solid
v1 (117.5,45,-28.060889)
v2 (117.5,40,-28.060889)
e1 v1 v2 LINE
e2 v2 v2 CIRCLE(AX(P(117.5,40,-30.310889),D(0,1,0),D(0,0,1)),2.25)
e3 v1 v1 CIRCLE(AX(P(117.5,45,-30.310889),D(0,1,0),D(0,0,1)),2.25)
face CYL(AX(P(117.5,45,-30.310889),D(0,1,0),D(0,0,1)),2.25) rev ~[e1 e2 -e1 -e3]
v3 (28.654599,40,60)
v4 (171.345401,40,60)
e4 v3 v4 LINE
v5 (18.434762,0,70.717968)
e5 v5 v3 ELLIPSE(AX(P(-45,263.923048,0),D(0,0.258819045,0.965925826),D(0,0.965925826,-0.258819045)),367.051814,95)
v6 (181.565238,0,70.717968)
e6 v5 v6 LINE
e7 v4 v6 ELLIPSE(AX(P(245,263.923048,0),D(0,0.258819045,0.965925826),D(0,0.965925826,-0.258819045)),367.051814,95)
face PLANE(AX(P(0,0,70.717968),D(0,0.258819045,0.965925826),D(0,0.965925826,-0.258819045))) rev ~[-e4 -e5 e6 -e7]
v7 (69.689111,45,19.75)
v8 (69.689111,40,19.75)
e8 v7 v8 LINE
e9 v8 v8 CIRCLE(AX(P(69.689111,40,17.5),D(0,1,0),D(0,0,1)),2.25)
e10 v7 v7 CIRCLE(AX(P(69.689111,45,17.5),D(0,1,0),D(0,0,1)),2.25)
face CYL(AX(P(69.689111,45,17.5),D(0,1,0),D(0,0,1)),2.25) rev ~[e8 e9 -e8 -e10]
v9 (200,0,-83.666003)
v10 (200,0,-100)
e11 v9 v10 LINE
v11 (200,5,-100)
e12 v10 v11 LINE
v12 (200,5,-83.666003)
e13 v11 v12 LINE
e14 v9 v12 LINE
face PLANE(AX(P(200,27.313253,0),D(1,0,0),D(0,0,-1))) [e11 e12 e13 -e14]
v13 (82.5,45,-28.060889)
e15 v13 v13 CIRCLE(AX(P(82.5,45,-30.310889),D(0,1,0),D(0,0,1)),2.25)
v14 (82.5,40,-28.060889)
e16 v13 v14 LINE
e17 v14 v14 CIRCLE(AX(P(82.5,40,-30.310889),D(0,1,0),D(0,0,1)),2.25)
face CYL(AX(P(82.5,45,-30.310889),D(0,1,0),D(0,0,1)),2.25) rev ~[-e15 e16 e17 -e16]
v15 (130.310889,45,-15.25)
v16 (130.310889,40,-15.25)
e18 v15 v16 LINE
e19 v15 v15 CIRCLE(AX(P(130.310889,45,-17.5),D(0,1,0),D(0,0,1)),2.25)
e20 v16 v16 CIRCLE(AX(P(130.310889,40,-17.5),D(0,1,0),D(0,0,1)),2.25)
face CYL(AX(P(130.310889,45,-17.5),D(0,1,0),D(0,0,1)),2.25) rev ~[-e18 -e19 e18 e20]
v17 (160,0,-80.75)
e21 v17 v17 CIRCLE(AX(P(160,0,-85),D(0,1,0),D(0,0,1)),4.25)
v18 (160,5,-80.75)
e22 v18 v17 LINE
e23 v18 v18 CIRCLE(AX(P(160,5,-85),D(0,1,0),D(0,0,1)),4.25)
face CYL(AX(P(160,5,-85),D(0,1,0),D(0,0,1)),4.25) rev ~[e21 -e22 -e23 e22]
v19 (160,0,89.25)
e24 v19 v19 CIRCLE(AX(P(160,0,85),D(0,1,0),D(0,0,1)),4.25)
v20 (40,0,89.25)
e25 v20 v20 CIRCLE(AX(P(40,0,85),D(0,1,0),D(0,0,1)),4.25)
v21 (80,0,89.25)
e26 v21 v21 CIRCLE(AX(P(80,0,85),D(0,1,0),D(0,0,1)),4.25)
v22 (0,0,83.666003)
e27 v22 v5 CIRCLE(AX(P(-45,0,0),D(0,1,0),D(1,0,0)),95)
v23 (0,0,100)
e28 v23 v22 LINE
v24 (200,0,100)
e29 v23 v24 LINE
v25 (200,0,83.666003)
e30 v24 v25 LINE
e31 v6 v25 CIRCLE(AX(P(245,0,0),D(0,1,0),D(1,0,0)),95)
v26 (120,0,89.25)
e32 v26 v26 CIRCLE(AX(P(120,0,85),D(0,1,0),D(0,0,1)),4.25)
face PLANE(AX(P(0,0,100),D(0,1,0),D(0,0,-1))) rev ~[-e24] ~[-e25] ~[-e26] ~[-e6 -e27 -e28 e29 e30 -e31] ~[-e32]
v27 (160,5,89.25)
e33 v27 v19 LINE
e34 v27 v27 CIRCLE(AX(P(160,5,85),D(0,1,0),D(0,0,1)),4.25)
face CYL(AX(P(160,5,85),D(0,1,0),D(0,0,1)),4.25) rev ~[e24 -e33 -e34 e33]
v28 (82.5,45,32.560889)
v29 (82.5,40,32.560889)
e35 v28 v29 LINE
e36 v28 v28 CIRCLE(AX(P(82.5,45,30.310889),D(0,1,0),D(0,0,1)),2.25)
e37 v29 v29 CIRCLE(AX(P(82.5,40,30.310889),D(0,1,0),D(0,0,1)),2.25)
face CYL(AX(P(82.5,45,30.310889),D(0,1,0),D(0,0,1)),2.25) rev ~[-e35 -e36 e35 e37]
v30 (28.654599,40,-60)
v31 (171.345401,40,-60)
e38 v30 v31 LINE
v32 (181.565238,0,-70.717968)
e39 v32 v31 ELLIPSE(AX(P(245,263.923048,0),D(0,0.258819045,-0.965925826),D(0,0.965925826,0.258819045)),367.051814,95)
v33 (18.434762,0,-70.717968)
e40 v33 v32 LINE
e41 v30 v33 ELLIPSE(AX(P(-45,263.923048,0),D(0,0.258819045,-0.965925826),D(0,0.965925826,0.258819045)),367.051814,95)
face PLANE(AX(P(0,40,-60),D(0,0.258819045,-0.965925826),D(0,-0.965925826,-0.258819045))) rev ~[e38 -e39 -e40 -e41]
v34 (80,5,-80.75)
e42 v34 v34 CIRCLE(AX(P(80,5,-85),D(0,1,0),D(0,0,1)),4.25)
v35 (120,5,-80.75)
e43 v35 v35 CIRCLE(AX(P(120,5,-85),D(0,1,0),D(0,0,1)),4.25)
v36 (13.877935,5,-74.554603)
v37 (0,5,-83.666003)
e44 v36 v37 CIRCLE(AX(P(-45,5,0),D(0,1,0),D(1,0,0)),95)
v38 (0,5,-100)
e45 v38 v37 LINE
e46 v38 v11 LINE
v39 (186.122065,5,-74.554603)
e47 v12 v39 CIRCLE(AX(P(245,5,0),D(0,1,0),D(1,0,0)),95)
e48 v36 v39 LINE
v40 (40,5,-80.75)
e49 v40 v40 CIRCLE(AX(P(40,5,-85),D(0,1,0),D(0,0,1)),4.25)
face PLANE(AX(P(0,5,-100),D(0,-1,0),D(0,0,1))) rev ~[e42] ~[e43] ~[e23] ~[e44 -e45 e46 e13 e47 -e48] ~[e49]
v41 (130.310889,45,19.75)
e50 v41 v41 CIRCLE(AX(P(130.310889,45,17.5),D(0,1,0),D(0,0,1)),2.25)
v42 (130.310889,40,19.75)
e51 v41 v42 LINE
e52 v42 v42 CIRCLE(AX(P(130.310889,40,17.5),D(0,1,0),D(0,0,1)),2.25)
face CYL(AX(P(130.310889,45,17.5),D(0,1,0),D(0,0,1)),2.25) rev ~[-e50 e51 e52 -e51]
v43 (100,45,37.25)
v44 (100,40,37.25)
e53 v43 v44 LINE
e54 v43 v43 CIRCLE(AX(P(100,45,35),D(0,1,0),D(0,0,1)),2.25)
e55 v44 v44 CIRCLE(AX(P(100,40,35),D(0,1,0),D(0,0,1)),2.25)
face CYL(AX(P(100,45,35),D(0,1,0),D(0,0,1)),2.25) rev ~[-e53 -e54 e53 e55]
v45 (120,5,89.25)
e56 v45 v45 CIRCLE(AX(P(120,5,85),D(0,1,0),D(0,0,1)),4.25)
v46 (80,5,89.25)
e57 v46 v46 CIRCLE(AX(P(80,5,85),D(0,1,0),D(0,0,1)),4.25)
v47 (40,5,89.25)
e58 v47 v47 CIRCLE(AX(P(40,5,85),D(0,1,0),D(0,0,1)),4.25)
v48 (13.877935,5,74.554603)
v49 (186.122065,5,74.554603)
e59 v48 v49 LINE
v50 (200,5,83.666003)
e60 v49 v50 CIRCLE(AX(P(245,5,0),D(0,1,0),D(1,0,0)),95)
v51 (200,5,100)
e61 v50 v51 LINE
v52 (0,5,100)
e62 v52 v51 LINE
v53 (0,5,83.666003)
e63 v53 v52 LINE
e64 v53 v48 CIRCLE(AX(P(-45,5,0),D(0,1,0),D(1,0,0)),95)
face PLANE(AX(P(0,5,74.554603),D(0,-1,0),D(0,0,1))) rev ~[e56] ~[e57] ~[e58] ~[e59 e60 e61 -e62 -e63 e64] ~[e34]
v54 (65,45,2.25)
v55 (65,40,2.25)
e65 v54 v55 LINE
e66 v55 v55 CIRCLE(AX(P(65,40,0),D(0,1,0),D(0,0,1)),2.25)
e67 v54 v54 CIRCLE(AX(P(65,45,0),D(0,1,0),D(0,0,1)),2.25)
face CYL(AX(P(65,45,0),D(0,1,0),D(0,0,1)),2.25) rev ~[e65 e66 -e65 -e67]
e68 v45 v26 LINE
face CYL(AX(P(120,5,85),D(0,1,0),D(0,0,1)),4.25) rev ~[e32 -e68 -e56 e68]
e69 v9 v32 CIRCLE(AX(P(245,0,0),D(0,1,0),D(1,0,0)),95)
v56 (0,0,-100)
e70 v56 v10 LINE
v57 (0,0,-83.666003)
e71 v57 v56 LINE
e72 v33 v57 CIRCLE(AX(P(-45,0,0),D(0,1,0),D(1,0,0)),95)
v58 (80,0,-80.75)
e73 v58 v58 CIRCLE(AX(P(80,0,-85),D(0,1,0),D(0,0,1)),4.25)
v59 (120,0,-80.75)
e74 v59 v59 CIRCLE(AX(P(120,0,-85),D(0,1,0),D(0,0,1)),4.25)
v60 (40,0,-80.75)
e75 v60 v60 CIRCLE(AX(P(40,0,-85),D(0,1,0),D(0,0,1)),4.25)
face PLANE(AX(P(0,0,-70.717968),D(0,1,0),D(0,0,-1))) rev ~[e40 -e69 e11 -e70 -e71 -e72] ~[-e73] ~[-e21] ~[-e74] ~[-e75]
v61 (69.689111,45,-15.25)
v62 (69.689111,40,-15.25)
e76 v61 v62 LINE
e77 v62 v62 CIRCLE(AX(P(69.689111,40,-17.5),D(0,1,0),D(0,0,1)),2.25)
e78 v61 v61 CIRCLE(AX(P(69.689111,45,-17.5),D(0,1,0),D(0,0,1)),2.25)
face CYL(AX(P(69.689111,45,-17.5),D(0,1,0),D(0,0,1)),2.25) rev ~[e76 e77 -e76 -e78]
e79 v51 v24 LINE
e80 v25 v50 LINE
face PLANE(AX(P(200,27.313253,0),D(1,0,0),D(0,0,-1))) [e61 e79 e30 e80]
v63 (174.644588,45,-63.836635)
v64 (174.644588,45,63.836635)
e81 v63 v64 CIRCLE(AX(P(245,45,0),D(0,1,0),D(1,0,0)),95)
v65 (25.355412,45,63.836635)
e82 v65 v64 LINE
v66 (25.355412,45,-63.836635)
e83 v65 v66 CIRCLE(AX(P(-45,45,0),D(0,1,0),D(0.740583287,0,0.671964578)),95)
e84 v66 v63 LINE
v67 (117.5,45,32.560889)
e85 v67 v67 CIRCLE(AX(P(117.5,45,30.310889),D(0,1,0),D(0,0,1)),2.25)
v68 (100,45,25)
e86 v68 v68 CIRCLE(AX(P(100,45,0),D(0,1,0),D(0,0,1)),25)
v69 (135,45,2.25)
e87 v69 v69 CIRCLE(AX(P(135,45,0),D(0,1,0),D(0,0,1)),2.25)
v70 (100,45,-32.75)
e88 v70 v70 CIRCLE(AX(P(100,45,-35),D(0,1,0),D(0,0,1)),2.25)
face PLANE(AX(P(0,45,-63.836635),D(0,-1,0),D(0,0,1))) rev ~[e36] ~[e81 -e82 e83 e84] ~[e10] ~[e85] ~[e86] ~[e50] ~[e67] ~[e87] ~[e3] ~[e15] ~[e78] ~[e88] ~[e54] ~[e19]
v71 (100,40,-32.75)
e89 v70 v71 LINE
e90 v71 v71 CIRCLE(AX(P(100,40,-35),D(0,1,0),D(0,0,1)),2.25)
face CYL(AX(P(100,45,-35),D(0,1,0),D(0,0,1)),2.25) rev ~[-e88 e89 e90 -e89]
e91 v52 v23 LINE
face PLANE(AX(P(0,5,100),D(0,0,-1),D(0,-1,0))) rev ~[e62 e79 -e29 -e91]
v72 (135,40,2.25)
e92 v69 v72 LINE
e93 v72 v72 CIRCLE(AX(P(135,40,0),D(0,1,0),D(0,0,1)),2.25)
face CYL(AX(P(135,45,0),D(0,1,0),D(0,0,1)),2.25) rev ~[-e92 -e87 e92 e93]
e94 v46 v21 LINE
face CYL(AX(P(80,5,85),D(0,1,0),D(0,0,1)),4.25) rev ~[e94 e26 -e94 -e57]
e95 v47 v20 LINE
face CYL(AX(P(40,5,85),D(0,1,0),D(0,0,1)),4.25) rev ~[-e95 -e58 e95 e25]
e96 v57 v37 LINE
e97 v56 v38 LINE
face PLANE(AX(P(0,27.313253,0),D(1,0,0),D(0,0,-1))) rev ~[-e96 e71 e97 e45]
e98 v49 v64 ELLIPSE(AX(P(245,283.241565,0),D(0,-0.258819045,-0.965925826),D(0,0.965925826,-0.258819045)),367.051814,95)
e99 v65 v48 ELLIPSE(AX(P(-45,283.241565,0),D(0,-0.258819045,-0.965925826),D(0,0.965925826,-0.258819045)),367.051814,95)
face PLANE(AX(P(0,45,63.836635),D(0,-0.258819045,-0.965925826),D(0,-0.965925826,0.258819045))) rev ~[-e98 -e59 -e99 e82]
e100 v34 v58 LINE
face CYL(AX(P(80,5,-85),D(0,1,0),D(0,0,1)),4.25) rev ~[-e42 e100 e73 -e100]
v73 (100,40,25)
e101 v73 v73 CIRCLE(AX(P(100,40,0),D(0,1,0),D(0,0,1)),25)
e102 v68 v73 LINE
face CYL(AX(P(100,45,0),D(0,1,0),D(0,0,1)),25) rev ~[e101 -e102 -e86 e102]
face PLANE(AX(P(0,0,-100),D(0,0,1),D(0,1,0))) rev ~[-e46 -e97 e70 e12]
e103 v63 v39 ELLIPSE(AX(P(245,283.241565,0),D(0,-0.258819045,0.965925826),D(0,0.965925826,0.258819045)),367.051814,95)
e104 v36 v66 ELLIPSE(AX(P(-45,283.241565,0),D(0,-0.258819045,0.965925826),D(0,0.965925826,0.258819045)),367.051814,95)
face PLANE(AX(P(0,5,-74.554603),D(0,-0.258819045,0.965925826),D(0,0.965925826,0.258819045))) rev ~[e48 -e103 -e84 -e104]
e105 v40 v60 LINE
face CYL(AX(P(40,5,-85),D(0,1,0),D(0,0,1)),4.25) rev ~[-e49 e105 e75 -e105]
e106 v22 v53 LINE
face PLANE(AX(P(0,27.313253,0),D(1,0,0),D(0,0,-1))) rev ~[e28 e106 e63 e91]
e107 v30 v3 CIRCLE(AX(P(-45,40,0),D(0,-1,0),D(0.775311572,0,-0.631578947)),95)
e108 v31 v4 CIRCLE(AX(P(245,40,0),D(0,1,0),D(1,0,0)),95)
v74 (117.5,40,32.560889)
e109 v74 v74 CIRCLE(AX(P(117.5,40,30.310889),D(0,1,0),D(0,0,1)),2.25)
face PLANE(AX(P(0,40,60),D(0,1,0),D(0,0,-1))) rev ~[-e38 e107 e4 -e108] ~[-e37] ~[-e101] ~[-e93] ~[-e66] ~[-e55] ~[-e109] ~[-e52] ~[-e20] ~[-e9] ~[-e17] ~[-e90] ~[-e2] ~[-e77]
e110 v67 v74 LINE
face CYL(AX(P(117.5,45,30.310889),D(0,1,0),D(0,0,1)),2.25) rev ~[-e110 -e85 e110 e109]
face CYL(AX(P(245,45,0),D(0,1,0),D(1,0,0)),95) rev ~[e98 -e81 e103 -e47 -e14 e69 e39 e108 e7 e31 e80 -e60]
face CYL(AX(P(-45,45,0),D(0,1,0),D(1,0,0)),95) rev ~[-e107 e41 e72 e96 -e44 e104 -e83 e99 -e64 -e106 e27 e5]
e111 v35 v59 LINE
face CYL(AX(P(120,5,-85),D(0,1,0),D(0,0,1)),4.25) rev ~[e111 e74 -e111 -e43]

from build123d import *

# Parameters (mm, degrees)
EXTRUDE_1_DEPTH     = 200
SKETCH_2_R          = 95
CUT_EXTRUDE_1_DEPTH = 150
SKETCH_3_R          = 4.25
CUT_EXTRUDE_2_DEPTH = 150
SKETCH_4_R          = 2.25
SKETCH_4_R_2        = 25
CUT_EXTRUDE_3_DEPTH = 10


with BuildPart() as part:
    # 草图1 → 凸台-拉伸1 (new body)
    with BuildSketch(Plane(origin=(0, 0, 0), x_dir=(0, 0, -1), z_dir=(1, 0, 0))):
        Polygon((-100, 0), (-70.717967697, 0), (-60, 40), (60, 40), (70.717967697, 0), (100, 0), (100, 5), (74.554602637, 5), (63.83663494, 45), (-63.83663494, 45), (-74.554602637, 5), (-100, 5), align=None)
    extrude(amount=EXTRUDE_1_DEPTH)

    # 草图2 → 切除-拉伸1 (cut)
    with BuildSketch(Plane(origin=(0, 45, 0), x_dir=(1, 0, 0), z_dir=(0, 1, 0))):
        with Locations((245, 0)):
            Circle(SKETCH_2_R)
        with Locations((-45, 0)):
            Circle(SKETCH_2_R)
    extrude(amount=-CUT_EXTRUDE_1_DEPTH, mode=Mode.SUBTRACT)

    # 草图3 → 切除-拉伸2 (cut)
    with BuildSketch(Plane(origin=(0, 5, 0), x_dir=(1, 0, 0), z_dir=(0, 1, 0))):
        with Locations(Location((120, -85, 0), (0, 0, 270))):
            Circle(SKETCH_3_R)
        with Locations(Location((160, -85, 0), (0, 0, 270))):
            Circle(SKETCH_3_R)
        with Locations(Location((40, -85, 0), (0, 0, 270))):
            Circle(SKETCH_3_R)
        with Locations(Location((80, -85, 0), (0, 0, 270))):
            Circle(SKETCH_3_R)
        with Locations(Location((160, 85, 0), (0, 0, 270))):
            Circle(SKETCH_3_R)
        with Locations(Location((120, 85, 0), (0, 0, 270))):
            Circle(SKETCH_3_R)
        with Locations(Location((80, 85, 0), (0, 0, 270))):
            Circle(SKETCH_3_R)
        with Locations(Location((40, 85, 0), (0, 0, 270))):
            Circle(SKETCH_3_R)
    extrude(amount=-CUT_EXTRUDE_2_DEPTH, mode=Mode.SUBTRACT)

    # 草图4 → 切除-拉伸3 (cut)
    with BuildSketch(Plane(origin=(0, 45, 0), x_dir=(1, 0, 0), z_dir=(0, 1, 0))):
        with Locations(Location((100, 35, 0), (0, 0, 270))):
            Circle(SKETCH_4_R)
        with Locations(Location((117.5, 30.310889132, 0), (0, 0, 270))):
            Circle(SKETCH_4_R)
        with Locations(Location((130.310889132, 17.5, 0), (0, 0, 270))):
            Circle(SKETCH_4_R)
        with Locations(Location((135, 0, 0), (0, 0, 270))):
            Circle(SKETCH_4_R)
        with Locations(Location((130.310889132, -17.5, 0), (0, 0, 270))):
            Circle(SKETCH_4_R)
        with Locations(Location((117.5, -30.310889132, 0), (0, 0, 270))):
            Circle(SKETCH_4_R)
        with Locations(Location((100, -35, 0), (0, 0, 270))):
            Circle(SKETCH_4_R)
        with Locations(Location((82.5, -30.310889132, 0), (0, 0, 270))):
            Circle(SKETCH_4_R)
        with Locations(Location((69.689110868, -17.5, 0), (0, 0, 270))):
            Circle(SKETCH_4_R)
        with Locations(Location((65, 0, 0), (0, 0, 270))):
            Circle(SKETCH_4_R)
        with Locations(Location((69.689110868, 17.5, 0), (0, 0, 270))):
            Circle(SKETCH_4_R)
        with Locations(Location((82.5, 30.310889132, 0), (0, 0, 270))):
            Circle(SKETCH_4_R)
        with Locations(Location((100, 0, 0), (0, 0, 270))):
            Circle(SKETCH_4_R_2)
    extrude(amount=-CUT_EXTRUDE_3_DEPTH, mode=Mode.SUBTRACT)


solid = part.part
